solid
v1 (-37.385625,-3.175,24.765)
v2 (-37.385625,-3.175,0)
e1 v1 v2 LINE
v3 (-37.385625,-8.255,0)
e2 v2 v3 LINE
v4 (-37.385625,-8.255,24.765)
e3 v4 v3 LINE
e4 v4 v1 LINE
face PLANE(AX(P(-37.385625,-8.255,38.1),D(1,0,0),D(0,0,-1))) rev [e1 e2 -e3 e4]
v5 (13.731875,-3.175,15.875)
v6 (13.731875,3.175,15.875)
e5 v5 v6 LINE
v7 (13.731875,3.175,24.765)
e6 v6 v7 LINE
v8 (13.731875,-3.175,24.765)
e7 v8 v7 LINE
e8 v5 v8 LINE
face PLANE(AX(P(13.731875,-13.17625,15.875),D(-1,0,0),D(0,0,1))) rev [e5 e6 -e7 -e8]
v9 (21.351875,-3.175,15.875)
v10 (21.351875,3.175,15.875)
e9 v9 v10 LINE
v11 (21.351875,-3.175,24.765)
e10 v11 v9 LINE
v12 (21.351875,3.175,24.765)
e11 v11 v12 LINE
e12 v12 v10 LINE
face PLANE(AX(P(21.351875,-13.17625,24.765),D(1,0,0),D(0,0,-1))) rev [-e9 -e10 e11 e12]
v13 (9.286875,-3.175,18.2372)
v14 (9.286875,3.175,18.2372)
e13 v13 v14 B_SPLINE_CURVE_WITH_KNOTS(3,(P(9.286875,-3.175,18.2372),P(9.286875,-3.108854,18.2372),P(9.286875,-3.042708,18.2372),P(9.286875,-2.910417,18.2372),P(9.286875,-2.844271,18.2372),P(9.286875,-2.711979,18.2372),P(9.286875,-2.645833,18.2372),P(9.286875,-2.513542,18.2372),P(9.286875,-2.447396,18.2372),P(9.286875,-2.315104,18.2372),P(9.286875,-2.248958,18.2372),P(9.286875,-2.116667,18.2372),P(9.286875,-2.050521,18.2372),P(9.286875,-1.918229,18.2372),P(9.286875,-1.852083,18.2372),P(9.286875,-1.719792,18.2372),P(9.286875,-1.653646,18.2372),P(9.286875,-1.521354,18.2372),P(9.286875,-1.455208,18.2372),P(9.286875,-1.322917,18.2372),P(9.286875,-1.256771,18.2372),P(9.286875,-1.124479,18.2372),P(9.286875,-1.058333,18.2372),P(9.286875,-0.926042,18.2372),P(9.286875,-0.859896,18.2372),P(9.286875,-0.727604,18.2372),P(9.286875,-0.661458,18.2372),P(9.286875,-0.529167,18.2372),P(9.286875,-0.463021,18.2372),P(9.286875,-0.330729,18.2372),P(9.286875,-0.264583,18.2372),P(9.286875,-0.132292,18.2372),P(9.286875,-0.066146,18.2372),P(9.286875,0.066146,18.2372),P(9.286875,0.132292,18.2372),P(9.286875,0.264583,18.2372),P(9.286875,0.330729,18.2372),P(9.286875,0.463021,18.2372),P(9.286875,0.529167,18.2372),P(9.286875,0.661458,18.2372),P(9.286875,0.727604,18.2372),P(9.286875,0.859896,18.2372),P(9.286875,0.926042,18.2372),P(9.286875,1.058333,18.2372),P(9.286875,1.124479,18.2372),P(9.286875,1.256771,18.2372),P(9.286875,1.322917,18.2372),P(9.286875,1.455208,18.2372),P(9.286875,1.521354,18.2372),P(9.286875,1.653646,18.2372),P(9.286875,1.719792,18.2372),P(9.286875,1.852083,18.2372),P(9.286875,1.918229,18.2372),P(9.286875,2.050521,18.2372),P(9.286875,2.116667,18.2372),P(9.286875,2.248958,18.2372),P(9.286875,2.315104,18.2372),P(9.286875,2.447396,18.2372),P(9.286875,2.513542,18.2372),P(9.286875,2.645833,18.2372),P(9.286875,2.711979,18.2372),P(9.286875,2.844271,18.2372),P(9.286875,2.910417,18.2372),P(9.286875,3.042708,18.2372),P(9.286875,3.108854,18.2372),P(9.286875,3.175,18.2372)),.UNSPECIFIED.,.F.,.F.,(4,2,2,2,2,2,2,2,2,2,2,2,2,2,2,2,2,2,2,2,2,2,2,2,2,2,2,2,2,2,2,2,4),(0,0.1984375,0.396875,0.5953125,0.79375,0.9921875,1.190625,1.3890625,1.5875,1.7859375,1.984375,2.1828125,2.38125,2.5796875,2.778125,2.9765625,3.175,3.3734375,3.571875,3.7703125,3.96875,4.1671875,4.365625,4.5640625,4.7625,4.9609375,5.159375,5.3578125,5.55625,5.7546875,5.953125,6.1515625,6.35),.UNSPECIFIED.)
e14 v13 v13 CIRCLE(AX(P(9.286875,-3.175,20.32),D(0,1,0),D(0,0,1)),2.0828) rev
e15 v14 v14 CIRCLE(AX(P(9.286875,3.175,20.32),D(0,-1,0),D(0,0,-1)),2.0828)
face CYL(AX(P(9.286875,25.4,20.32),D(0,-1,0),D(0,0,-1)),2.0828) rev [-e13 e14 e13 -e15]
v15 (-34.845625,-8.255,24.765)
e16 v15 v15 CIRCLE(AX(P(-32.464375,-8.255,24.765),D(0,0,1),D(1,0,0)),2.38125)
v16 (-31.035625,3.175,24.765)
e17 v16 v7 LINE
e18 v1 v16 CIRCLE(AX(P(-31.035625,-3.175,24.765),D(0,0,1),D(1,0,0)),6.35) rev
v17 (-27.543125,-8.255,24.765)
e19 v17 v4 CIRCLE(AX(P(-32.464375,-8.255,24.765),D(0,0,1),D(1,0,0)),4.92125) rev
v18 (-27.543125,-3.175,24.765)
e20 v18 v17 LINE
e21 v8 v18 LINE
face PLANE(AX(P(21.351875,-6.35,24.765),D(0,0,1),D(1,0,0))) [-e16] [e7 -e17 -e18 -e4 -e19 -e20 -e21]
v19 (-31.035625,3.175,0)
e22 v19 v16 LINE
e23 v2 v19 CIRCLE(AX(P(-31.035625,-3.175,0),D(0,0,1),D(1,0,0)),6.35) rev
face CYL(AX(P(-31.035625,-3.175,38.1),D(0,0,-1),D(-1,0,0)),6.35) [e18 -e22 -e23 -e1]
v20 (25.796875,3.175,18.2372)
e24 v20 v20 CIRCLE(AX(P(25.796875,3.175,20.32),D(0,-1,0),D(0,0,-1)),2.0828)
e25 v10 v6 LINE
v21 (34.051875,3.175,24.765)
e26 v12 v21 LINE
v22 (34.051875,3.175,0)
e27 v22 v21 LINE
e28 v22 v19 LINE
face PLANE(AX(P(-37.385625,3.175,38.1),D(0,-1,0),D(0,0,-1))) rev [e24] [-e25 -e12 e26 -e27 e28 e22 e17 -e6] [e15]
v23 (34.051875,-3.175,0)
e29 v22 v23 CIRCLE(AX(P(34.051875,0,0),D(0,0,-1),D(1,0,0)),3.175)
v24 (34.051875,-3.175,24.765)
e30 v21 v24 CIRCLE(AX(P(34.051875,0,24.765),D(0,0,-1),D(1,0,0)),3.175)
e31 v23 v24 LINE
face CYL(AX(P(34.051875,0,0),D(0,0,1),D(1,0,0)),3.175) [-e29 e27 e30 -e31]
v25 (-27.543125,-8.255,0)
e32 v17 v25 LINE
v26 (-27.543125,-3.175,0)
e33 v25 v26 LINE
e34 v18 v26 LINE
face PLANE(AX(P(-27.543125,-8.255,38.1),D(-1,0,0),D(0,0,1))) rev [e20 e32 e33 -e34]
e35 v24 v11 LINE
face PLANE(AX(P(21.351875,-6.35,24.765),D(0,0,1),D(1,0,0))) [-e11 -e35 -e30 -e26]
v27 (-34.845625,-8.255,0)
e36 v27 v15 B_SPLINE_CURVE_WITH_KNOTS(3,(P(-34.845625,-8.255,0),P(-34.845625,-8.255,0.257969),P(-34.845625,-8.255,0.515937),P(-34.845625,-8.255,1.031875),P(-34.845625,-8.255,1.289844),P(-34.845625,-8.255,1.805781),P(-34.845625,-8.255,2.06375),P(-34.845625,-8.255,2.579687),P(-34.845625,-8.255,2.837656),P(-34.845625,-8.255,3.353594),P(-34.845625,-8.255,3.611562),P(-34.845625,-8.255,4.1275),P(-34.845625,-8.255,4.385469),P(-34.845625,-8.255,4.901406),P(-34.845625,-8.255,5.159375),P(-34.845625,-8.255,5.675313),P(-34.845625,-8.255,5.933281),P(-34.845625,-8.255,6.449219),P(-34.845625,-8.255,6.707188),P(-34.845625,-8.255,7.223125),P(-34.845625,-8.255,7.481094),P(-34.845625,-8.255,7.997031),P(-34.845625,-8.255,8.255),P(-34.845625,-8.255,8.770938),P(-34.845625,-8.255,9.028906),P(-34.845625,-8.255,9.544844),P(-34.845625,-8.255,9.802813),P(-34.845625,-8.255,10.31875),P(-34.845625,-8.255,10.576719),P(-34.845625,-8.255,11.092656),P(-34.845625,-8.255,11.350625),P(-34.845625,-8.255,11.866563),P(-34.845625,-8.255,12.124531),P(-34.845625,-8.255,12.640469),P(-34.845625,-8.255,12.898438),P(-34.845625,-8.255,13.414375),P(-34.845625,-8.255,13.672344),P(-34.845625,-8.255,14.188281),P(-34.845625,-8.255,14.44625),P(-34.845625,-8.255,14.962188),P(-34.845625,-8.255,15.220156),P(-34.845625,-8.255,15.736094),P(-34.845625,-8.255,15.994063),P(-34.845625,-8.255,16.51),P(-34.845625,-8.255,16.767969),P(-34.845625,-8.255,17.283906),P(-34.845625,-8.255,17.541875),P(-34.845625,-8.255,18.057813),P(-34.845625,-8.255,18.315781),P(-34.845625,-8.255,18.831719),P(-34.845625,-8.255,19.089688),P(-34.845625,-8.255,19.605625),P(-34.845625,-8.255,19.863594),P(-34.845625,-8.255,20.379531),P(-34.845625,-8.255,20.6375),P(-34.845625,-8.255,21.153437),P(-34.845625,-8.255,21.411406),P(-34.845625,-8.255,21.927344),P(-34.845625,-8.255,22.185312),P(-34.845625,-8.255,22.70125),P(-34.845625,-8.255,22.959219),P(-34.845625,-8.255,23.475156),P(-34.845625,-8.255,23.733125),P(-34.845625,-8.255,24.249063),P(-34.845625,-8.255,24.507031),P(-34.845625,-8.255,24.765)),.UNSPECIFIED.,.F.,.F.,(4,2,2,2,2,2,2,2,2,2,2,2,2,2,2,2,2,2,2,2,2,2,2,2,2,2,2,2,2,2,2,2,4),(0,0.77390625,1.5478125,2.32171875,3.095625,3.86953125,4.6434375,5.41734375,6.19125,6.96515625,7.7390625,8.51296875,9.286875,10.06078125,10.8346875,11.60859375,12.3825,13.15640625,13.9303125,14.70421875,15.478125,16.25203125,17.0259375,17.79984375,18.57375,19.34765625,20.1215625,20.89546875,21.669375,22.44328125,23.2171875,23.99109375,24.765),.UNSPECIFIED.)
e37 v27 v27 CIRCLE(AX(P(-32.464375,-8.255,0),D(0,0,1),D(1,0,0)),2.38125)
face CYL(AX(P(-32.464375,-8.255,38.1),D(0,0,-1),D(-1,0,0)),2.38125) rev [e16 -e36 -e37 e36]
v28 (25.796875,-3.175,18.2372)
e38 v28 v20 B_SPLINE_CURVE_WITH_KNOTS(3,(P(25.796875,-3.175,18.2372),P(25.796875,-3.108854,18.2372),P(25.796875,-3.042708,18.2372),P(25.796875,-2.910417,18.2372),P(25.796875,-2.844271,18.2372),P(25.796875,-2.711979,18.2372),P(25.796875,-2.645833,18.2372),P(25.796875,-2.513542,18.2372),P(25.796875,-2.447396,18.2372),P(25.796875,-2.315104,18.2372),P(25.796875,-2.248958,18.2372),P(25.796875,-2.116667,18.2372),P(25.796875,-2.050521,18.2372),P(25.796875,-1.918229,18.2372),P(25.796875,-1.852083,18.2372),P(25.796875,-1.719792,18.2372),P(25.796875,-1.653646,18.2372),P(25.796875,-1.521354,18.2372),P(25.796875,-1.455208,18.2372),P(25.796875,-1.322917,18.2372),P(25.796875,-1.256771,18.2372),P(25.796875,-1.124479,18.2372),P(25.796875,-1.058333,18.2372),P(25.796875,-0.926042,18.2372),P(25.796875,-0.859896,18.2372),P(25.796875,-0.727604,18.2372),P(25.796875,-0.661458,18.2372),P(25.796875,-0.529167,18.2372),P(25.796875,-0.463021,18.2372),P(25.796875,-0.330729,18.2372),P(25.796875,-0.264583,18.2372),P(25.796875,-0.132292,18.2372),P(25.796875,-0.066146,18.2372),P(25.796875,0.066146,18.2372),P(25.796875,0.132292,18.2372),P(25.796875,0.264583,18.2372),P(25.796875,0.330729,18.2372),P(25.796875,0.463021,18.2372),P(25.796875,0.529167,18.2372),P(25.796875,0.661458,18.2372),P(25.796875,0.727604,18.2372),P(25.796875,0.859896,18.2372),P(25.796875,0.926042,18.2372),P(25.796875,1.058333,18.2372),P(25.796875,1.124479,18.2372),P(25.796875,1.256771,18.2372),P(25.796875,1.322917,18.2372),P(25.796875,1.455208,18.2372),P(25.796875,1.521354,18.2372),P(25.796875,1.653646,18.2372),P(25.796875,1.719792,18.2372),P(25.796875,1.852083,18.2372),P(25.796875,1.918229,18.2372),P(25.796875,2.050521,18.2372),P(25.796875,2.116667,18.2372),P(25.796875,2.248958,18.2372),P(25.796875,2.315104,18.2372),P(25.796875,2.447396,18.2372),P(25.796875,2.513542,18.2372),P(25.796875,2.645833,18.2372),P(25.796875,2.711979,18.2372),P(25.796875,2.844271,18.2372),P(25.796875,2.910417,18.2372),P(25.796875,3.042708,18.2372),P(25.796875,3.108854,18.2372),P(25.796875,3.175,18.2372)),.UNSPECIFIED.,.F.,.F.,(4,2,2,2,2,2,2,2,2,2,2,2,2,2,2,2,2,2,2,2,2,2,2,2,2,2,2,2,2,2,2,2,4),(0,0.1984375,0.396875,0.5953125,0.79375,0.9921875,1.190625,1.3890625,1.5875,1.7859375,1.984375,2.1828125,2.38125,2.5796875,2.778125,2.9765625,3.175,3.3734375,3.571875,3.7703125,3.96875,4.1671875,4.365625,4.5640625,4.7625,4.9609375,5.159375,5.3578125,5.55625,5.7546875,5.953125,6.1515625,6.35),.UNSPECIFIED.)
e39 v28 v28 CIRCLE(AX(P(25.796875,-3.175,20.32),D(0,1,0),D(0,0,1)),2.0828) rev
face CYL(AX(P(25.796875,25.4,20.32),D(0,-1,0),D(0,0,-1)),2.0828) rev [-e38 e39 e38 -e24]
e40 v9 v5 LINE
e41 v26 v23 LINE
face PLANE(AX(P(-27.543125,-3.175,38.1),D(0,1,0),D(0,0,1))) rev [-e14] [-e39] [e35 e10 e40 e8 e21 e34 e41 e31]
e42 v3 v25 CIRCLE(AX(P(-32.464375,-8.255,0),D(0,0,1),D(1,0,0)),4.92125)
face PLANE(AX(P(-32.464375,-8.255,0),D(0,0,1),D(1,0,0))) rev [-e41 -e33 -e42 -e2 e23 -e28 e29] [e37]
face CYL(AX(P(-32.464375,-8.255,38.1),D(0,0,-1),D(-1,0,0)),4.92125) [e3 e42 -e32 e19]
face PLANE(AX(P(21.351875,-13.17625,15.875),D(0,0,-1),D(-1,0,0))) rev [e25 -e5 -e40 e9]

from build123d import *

# Parameters (mm, degrees)
SKETCH1_R                = 2.38125
BOSS_EXTRUDE1_DEPTH      = 38.1
FILLET1_R                = 6.35
SKETCH3_W                = 38.1
SKETCH3_H                = 6.35
BOSS_EXTRUDE2_DEPTH      = 12.7
SKETCH2_W                = 7.62
SKETCH2_H                = 8.89
CUT_EXTRUDE7_DEPTH       = 66.019560197
BOSS_EXTRUDE5_DEPTH      = 22.225
BOSS_EXTRUDE5_DEPTH_BACK = 9.525
SKETCH10_W               = 7.62
SKETCH10_H               = 8.89
CUT_EXTRUDE1_DEPTH       = 62.376176621
CUT_EXTRUDE1_DEPTH_BACK  = 62.376176621
SKETCH5_R                = 1.905
SKETCH6_W                = 8.89
SKETCH6_H                = 8.89
BOSS_EXTRUDE4_DEPTH      = 3.175
CUT_EXTRUDE2_DEPTH       = 71.485759779
CUT_EXTRUDE2_DEPTH_BACK  = 71.485759779
SKETCH7_R                = 2.0828
CUT_EXTRUDE8_DEPTH       = 13.335
SKETCH11_W               = 7.62
SKETCH11_H               = 8.89
CUT_EXTRUDE9_DEPTH       = 68.896996404
SKETCH12_W               = 8.89
SKETCH12_H               = 8.89
CUT_EXTRUDE10_DEPTH      = 3.175
CUT_EXTRUDE11_DEPTH      = 58.406346519


with BuildPart() as part:
    # Sketch1 → Boss-Extrude1 (new body)
    with BuildSketch(Plane.XY):
        with BuildLine():
            Line((-37.385625, -8.255), (-37.385625, -3.175))
            Line((-37.385625, -3.175), (-37.385625, 3.175))
            Line((-37.385625, 3.175), (37.385625, 3.175))
            Line((37.385625, 3.175), (37.385625, -3.175))
            Line((37.385625, -3.175), (-27.543125, -3.175))
            Line((-27.543125, -3.175), (-27.543125, -8.255))
            ThreePointArc((-27.543125, -8.255), (-32.464375, -13.17625), (-37.385625, -8.255))
        make_face()
        with Locations(Location((-32.464375, -8.255, 0), (0, 0, 180))):
            Circle(SKETCH1_R, mode=Mode.SUBTRACT)
    extrude(amount=BOSS_EXTRUDE1_DEPTH)

    # Fillet1
    fillet1_edges = [part.edges().sort_by_distance(p)[0] for p in [
        (-37.385625, 3.175, 19.05),
    ]]
    fillet(fillet1_edges, radius=FILLET1_R)

    # Sketch3 → Boss-Extrude2 (add)
    with BuildSketch(Plane(origin=(37.385625, 0, 0), x_dir=(0, 0, -1), z_dir=(1, 0, 0))):
        with Locations((-19.05, 0)):
            Rectangle(SKETCH3_W, SKETCH3_H)
    extrude(amount=BOSS_EXTRUDE2_DEPTH)

    # Sketch2 → Cut-Extrude7 (cut, through all)
    with BuildSketch(Plane(origin=(0, 3.175, 0), x_dir=(1, 0, 0), z_dir=(0, 1, 0))):
        with Locations((17.541875, -20.32)):
            Rectangle(SKETCH2_W, SKETCH2_H)
    extrude(amount=-CUT_EXTRUDE7_DEPTH, mode=Mode.SUBTRACT)

    # Sketch10 → Boss-Extrude5 (add, two sides: drawn at the far end of the back side and taken through both)
    with BuildSketch(Plane(origin=(0, 3.175, 0), x_dir=(1, 0, 0), z_dir=(0, 1, 0)).offset(-BOSS_EXTRUDE5_DEPTH_BACK)):
        with Locations((17.541875, -20.32)):
            Rectangle(SKETCH10_W, SKETCH10_H)
    extrude(amount=BOSS_EXTRUDE5_DEPTH + BOSS_EXTRUDE5_DEPTH_BACK)

    # Sketch5 → Cut-Extrude1 (cut, two sides: drawn at the far end of the back side and taken through both)
    with BuildSketch(Plane.XY.offset(24.765).offset(-CUT_EXTRUDE1_DEPTH_BACK)):
        with Locations((17.541875, 5.715)):
            Circle(SKETCH5_R)
        with Locations((17.541875, 23.1775)):
            Circle(SKETCH5_R)
    extrude(amount=CUT_EXTRUDE1_DEPTH + CUT_EXTRUDE1_DEPTH_BACK, mode=Mode.SUBTRACT)

    # Sketch6 → Boss-Extrude4 (add)
    with BuildSketch(Plane(origin=(0, -3.175, 0), x_dir=(1, 0, 0), z_dir=(0, 1, 0))):
        with Locations((9.286875, -20.32)):
            Rectangle(SKETCH6_W, SKETCH6_H)
        with Locations((25.796875, -20.32)):
            Rectangle(SKETCH6_W, SKETCH6_H)
    extrude(amount=-BOSS_EXTRUDE4_DEPTH)

    # Sketch7 → Cut-Extrude2 (cut, two sides: drawn at the far end of the back side and taken through both)
    with BuildSketch(Plane(origin=(0, -6.35, 0), x_dir=(-1, 0, 0), z_dir=(0, -1, 0)).offset(-CUT_EXTRUDE2_DEPTH_BACK)):
        with Locations(Location((-9.286875, -20.32, 0), (0, 0, 90))):
            Circle(SKETCH7_R)
        with Locations(Location((-25.796875, -20.32, 0), (0, 0, 90))):
            Circle(SKETCH7_R)
    extrude(amount=CUT_EXTRUDE2_DEPTH + CUT_EXTRUDE2_DEPTH_BACK, mode=Mode.SUBTRACT)

    # Sketch9 → Cut-Extrude8 (cut)
    with BuildSketch(Plane.XY.offset(38.1)):
        with BuildLine():
            Line((50.085625, 3.175), (50.085625, -3.175))
            Line((50.085625, -3.175), (-27.543125, -3.175))
            Line((-27.543125, -3.175), (-27.543125, -8.255))
            ThreePointArc((-27.543125, -8.255), (-32.464375, -13.17625), (-37.385625, -8.255))
            Line((-37.385625, -8.255), (-37.385625, -3.175))
            ThreePointArc((-37.385625, -3.175), (-35.525753061, 1.315128061), (-31.035625, 3.175))
            Line((-31.035625, 3.175), (50.085625, 3.175))
        make_face()
    extrude(amount=-CUT_EXTRUDE8_DEPTH, mode=Mode.SUBTRACT)

    # Sketch11 → Cut-Extrude9 (cut, through all)
    with BuildSketch(Plane(origin=(0, 25.4, 0), x_dir=(1, 0, 0), z_dir=(0, 1, 0))):
        with Locations((17.541875, -20.32)):
            Rectangle(SKETCH11_W, SKETCH11_H)
    extrude(amount=-CUT_EXTRUDE9_DEPTH, mode=Mode.SUBTRACT)

    # Sketch12 → Cut-Extrude10 (cut)
    with BuildSketch(Plane.XZ.offset(6.35)):
        with Locations((9.286875, 20.32)):
            Rectangle(SKETCH12_W, SKETCH12_H)
        with Locations((25.796875, 20.32)):
            Rectangle(SKETCH12_W, SKETCH12_H)
    extrude(amount=-CUT_EXTRUDE10_DEPTH, mode=Mode.SUBTRACT)

    # Sketch13 → Cut-Extrude11 (cut, through all)
    with BuildSketch(Plane.XY.offset(24.765)):
        with BuildLine():
            Line((34.051875, 3.175), (50.085625, 3.175))
            Line((50.085625, 3.175), (50.085625, -3.175))
            Line((50.085625, -3.175), (34.051875, -3.175))
            ThreePointArc((34.051875, -3.175), (37.226875, 0), (34.051875, 3.175))
        make_face()
    extrude(amount=-CUT_EXTRUDE11_DEPTH, mode=Mode.SUBTRACT)


solid = part.part
